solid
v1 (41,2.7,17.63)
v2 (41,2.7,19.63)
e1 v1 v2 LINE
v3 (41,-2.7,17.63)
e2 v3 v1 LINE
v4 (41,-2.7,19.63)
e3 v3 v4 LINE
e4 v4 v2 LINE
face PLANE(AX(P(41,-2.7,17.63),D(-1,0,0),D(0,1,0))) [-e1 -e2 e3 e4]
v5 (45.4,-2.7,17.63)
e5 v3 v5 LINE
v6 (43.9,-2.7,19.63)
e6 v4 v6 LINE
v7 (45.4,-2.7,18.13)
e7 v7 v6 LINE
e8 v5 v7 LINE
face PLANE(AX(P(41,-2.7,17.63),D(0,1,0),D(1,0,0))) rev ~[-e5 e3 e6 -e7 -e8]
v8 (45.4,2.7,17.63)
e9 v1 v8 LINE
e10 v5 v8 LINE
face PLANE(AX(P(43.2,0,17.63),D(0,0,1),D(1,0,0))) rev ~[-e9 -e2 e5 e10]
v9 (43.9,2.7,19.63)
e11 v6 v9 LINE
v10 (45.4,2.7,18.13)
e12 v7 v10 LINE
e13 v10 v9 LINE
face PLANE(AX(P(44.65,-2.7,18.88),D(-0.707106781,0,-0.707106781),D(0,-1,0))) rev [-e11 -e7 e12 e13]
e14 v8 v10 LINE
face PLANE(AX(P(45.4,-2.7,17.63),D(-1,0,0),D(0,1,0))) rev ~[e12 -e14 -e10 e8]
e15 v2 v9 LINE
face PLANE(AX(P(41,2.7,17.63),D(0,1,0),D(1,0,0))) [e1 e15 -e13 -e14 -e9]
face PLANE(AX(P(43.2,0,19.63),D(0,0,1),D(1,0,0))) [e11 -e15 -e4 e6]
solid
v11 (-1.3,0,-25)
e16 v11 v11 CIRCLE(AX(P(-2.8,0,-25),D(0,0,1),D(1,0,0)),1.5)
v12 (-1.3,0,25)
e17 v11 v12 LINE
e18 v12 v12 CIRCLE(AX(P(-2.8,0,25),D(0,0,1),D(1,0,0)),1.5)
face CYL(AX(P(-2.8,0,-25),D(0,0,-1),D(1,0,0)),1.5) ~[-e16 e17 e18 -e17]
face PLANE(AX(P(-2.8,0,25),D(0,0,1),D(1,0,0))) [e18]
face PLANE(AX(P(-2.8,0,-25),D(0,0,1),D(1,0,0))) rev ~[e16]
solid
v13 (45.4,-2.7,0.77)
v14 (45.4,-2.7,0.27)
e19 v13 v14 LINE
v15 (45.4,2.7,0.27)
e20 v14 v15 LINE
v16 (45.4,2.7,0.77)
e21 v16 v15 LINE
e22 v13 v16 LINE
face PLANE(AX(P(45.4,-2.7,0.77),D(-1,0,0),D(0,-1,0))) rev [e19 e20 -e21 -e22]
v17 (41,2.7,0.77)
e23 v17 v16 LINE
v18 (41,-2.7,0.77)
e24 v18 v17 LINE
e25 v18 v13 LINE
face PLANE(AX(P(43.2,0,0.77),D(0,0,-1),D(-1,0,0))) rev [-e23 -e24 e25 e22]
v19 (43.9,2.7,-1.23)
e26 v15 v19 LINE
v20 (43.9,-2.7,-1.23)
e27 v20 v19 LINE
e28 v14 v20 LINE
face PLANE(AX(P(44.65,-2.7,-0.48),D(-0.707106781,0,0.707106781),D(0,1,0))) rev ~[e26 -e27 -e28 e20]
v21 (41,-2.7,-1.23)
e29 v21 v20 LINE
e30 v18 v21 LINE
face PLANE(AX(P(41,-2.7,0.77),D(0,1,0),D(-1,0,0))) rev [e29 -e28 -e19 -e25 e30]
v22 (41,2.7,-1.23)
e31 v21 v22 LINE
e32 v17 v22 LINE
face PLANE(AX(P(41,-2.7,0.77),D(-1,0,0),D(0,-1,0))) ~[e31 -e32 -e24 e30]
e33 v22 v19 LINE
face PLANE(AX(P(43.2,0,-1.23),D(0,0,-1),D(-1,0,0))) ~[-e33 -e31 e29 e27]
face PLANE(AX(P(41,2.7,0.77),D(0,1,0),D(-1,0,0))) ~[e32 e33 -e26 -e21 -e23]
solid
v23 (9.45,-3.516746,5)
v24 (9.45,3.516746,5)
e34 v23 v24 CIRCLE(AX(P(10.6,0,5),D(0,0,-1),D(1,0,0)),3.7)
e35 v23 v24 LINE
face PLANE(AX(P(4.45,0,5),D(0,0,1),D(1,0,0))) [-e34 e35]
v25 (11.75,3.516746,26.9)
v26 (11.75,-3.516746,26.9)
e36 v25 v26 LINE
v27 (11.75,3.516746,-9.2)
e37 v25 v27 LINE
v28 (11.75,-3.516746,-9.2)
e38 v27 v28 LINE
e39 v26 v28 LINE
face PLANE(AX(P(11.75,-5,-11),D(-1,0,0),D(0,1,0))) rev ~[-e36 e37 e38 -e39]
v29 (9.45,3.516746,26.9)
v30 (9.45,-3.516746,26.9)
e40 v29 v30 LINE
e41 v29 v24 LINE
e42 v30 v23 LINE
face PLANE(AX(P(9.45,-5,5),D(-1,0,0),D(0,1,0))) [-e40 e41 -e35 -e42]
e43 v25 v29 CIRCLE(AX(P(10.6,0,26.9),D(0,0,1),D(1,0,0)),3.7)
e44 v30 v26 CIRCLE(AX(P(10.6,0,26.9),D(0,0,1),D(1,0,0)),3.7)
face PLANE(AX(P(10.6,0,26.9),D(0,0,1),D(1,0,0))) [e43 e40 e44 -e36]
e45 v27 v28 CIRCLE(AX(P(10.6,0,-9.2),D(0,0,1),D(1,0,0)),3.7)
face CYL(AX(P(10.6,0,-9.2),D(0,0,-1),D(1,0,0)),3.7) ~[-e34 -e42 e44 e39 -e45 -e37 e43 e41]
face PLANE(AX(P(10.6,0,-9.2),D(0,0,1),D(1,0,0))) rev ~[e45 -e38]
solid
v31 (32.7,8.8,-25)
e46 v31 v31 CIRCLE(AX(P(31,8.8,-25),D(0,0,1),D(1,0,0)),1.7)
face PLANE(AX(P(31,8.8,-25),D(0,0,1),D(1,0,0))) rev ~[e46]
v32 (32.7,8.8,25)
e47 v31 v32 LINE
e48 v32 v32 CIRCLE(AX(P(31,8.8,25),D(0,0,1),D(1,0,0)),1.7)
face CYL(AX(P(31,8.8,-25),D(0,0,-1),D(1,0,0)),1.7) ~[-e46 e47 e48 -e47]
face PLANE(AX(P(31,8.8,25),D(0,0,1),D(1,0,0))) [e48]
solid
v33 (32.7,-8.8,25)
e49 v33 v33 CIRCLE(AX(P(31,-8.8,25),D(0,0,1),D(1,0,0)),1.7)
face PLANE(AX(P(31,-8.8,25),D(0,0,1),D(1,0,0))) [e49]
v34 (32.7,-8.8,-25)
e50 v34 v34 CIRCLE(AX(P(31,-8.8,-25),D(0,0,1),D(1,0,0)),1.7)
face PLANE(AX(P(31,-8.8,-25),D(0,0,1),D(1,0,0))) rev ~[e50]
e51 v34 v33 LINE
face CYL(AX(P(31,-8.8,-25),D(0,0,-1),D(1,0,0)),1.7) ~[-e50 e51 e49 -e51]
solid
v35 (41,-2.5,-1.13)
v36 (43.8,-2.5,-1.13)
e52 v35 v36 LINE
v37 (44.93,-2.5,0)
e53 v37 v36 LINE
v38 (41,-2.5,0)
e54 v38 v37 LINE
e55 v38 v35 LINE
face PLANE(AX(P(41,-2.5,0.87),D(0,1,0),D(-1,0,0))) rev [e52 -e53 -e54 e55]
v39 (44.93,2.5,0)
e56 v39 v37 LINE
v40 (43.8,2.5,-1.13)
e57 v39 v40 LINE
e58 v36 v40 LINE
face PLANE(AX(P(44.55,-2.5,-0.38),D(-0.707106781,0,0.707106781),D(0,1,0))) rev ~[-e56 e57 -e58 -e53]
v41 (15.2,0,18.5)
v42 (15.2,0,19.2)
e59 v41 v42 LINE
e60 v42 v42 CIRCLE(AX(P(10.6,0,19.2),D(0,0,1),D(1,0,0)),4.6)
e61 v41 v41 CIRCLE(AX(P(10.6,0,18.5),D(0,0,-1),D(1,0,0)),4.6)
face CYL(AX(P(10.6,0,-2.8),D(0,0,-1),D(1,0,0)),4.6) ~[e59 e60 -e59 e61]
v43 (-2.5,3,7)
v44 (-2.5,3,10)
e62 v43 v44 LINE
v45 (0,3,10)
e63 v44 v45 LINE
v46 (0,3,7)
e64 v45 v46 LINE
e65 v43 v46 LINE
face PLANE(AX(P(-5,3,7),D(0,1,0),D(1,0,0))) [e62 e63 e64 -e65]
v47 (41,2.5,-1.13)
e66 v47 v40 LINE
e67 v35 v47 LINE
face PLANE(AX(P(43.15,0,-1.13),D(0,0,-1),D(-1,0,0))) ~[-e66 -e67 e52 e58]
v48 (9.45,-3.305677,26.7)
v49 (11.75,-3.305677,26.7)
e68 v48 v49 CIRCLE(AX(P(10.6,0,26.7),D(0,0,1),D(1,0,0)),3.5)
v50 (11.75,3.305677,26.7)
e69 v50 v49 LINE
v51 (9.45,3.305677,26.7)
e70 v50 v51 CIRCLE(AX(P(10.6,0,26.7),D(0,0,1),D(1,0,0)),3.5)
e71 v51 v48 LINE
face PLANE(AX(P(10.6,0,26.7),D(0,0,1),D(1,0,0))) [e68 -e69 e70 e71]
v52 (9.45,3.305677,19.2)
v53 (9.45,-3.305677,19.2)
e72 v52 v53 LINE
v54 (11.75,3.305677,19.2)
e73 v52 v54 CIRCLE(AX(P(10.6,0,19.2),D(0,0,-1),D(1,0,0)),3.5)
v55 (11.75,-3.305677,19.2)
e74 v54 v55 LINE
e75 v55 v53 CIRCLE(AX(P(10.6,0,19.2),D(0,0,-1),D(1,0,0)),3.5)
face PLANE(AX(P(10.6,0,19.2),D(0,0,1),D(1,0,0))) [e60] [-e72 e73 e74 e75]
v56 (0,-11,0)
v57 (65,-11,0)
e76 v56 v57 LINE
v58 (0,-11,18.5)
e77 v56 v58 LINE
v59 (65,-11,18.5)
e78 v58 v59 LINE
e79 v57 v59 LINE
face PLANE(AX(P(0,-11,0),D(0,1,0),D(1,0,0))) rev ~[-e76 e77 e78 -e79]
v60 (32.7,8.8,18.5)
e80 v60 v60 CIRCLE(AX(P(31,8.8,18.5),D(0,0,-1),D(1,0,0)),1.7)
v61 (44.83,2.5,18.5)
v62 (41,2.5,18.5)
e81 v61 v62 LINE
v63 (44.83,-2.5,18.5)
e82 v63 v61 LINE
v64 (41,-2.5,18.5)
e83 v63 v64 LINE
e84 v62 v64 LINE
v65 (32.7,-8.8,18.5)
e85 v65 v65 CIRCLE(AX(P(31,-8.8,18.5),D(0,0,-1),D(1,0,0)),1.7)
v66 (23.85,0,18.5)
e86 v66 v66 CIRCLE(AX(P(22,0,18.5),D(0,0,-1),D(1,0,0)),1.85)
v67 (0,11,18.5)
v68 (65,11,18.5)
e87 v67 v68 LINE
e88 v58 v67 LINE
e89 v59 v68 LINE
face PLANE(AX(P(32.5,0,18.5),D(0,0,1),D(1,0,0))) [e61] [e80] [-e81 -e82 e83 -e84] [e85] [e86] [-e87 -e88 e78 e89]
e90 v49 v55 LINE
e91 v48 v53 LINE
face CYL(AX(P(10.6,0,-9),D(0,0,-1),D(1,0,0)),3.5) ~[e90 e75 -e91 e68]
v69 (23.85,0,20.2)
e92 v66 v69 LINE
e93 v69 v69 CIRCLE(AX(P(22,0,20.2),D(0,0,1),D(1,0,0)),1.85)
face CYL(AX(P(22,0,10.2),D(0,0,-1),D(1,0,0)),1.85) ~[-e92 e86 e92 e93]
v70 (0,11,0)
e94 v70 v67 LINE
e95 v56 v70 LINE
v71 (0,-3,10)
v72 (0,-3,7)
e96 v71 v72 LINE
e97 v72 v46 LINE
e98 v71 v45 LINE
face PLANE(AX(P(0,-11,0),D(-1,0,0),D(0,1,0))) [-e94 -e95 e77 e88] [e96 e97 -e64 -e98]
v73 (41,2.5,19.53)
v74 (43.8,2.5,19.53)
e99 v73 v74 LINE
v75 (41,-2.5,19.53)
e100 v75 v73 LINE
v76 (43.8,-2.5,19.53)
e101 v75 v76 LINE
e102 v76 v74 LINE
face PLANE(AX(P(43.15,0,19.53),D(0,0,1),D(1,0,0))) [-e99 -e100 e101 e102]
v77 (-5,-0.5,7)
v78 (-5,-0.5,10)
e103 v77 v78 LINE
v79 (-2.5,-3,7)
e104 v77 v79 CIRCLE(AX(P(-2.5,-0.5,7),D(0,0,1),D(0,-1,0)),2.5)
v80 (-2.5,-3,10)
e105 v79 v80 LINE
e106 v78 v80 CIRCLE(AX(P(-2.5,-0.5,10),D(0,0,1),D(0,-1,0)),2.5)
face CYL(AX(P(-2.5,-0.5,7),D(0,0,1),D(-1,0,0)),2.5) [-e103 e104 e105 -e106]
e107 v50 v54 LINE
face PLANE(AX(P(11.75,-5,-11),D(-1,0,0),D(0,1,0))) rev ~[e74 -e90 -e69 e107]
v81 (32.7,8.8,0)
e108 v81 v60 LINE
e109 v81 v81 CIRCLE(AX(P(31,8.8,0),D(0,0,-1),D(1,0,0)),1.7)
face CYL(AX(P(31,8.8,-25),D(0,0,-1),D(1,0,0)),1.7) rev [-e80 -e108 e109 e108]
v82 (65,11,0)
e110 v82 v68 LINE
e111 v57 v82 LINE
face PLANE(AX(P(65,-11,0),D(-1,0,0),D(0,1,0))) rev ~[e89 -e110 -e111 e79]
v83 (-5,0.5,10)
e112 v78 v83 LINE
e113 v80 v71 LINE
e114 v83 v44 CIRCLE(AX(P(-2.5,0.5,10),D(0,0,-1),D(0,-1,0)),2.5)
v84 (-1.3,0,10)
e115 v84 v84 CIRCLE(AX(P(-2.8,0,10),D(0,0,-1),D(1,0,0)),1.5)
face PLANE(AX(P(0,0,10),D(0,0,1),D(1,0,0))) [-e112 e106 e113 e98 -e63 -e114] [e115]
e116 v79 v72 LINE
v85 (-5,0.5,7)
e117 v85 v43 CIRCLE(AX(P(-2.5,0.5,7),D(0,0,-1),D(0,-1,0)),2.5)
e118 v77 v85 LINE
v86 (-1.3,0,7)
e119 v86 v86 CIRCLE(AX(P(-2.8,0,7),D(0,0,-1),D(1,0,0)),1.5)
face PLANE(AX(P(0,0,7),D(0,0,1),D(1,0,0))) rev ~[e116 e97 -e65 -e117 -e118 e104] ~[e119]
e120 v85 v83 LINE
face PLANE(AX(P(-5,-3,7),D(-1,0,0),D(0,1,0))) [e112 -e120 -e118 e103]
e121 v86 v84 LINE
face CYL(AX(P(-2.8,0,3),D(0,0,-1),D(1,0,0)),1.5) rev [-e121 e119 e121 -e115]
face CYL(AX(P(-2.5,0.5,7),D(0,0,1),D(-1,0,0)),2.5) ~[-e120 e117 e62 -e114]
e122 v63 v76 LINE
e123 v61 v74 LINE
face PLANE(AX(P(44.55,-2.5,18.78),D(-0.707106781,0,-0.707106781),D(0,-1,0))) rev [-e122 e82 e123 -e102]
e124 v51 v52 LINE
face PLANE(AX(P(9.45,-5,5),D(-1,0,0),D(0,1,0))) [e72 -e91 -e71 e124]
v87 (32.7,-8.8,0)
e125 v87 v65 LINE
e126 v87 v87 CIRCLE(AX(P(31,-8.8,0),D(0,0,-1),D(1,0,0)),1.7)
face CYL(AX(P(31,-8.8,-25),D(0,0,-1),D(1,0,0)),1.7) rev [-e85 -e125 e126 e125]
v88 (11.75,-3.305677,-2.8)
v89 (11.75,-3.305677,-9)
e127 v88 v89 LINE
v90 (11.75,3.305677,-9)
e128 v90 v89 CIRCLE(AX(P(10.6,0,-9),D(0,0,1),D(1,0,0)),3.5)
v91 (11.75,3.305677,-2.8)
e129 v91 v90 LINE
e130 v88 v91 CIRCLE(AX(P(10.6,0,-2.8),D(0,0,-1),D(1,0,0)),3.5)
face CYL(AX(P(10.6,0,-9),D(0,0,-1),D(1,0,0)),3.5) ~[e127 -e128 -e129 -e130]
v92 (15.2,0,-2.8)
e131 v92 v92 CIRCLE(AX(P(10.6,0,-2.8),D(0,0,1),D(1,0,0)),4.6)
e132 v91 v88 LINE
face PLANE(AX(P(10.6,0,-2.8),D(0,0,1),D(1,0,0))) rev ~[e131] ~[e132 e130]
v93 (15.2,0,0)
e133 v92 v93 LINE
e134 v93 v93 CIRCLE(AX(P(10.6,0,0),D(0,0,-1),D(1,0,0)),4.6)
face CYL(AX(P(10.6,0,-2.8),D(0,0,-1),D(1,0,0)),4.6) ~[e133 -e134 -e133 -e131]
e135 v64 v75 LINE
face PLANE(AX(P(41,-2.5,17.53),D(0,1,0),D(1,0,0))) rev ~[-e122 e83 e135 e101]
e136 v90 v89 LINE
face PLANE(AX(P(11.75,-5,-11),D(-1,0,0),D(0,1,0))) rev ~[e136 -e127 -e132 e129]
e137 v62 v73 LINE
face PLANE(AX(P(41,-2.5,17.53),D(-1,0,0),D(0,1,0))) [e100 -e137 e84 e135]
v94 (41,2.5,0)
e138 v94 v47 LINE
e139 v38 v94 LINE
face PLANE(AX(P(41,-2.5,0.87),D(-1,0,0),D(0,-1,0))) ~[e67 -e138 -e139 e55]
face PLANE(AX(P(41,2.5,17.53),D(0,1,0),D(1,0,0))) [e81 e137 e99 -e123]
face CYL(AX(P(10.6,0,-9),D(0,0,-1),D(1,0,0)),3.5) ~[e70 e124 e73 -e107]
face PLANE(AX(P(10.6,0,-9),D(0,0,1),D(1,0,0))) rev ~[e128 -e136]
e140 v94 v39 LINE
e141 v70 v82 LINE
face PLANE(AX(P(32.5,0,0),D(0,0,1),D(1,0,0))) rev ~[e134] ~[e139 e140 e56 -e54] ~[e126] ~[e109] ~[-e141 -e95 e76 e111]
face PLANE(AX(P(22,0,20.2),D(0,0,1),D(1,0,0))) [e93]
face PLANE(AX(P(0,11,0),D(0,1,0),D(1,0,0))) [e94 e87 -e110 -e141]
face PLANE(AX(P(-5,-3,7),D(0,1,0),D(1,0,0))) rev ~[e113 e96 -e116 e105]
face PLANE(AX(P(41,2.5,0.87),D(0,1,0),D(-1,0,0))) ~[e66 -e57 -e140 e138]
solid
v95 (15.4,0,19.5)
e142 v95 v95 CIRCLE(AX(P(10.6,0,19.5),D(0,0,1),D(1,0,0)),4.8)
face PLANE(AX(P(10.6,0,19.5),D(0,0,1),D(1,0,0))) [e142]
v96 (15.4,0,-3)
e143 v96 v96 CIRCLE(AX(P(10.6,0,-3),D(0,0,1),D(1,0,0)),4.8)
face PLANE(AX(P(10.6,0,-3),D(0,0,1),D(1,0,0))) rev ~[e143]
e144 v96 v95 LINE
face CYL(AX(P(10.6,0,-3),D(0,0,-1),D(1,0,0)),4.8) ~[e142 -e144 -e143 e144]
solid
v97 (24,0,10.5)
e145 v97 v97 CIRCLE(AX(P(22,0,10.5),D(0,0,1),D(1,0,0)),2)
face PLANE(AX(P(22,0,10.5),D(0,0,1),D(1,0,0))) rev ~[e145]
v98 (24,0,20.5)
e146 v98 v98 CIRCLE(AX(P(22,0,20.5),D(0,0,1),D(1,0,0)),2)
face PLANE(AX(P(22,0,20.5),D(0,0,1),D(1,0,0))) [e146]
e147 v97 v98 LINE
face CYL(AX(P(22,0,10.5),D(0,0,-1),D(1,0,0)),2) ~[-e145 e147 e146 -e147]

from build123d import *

# Parameters (mm, degrees)
CYLINDER001_R     = 1.5
CYLINDER001_DEPTH = 50
CYLINDER004_R     = 1.7
CYLINDER004_DEPTH = 50
CYLINDER005_R     = 1.7
CYLINDER005_DEPTH = 50
CYLINDER007_R     = 2
CYLINDER007_DEPTH = 10
CYLINDER009_R     = 4.8
CYLINDER009_DEPTH = 22.5
BOX005_W          = 10
BOX005_H          = 10
BOX005_DEPTH      = 40
BOX004_W          = 10
BOX004_H          = 10
BOX004_DEPTH      = 40
CYLINDER011_R     = 3.7
CYLINDER011_DEPTH = 36.1
BOX009_W          = 4.4
BOX009_H          = 5.4
BOX009_DEPTH      = 2
CHAMFER003_SIZE   = 1.5
BOX008_W          = 4.4
BOX008_H          = 5.4
BOX008_DEPTH      = 2
CHAMFER002_SIZE   = 1.5
BOX007_W          = 4.3
BOX007_H          = 5
BOX007_DEPTH      = 2
CHAMFER001_SIZE   = 1.5
BOX006_W          = 4.3
BOX006_H          = 5
BOX006_DEPTH      = 2
CHAMFER_SIZE      = 1.5
BOX003_W          = 10
BOX003_H          = 10
BOX003_DEPTH      = 40
BOX002_W          = 10
BOX002_H          = 10
BOX002_DEPTH      = 40
CYLINDER010_R     = 3.5
CYLINDER010_DEPTH = 35.7
CYLINDER008_R     = 4.6
CYLINDER008_DEPTH = 22
CYLINDER006_R     = 1.85
CYLINDER006_DEPTH = 10
CYLINDER003_R     = 1.7
CYLINDER003_DEPTH = 50
CYLINDER002_R     = 1.7
CYLINDER002_DEPTH = 50
CYLINDER_R        = 1.5
CYLINDER_DEPTH    = 10
BOX001_W          = 10
BOX001_H          = 6
BOX001_DEPTH      = 3
FILLET_R          = 2.5
FILLET001_R       = 2.5
BOX_W             = 65
BOX_H             = 22
BOX_DEPTH         = 18.5


with BuildPart() as endhole:
    # Cylinder001 → Cylinder001 (new body)
    with BuildSketch(Plane(origin=(-2.8, 0, -25), x_dir=(1, 0, 0), z_dir=(0, 0, 1))):
        Circle(CYLINDER001_R)
    extrude(amount=CYLINDER001_DEPTH)


with BuildPart() as cylinder004:
    # Cylinder004 → Cylinder004 (new body)
    with BuildSketch(Plane(origin=(31, 8.8, -25), x_dir=(1, 0, 0), z_dir=(0, 0, 1))):
        Circle(CYLINDER004_R)
    extrude(amount=CYLINDER004_DEPTH)


with BuildPart() as cylinder005:
    # Cylinder005 → Cylinder005 (new body)
    with BuildSketch(Plane(origin=(31, -8.8, -25), x_dir=(1, 0, 0), z_dir=(0, 0, 1))):
        Circle(CYLINDER005_R)
    extrude(amount=CYLINDER005_DEPTH)


with BuildPart() as central_bump:
    # Cylinder007 → Cylinder007 (new body)
    with BuildSketch(Plane(origin=(22, 0, 10.5), x_dir=(1, 0, 0), z_dir=(0, 0, 1))):
        Circle(CYLINDER007_R)
    extrude(amount=CYLINDER007_DEPTH)


with BuildPart() as motor_boss:
    # Cylinder009 → Cylinder009 (new body)
    with BuildSketch(Plane(origin=(10.6, 0, -3), x_dir=(1, 0, 0), z_dir=(0, 0, 1))):
        Circle(CYLINDER009_R)
    extrude(amount=CYLINDER009_DEPTH)


with BuildPart() as cube005:
    # Box005 → Box005 (new body)
    with BuildSketch(Plane(origin=(-0.55, -5, 5), x_dir=(1, 0, 0), z_dir=(0, 0, 1))):
        with Locations((5, 5)):
            Rectangle(BOX005_W, BOX005_H)
    extrude(amount=BOX005_DEPTH)


with BuildPart() as cube004:
    # Box004 → Box004 (new body)
    with BuildSketch(Plane(origin=(11.75, -5, -11), x_dir=(1, 0, 0), z_dir=(0, 0, 1))):
        with Locations((5, 5)):
            Rectangle(BOX004_W, BOX004_H)
    extrude(amount=BOX004_DEPTH)


with BuildPart() as drive:
    # Cylinder011 → Cylinder011 (new body)
    with BuildSketch(Plane(origin=(10.6, 0, -9.2), x_dir=(1, 0, 0), z_dir=(0, 0, 1))):
        Circle(CYLINDER011_R)
    extrude(amount=CYLINDER011_DEPTH)

    # Cut005: cut Cube004
    add(cube004.part, mode=Mode.SUBTRACT)

    # Cut006: cut Cube005
    add(cube005.part, mode=Mode.SUBTRACT)


with BuildPart() as chamfer003:
    # Box009 → Box009 (new body)
    with BuildSketch(Plane(origin=(41, -2.7, 17.63), x_dir=(1, 0, 0), z_dir=(0, 0, 1))):
        with Locations((2.2, 2.7)):
            Rectangle(BOX009_W, BOX009_H)
    extrude(amount=BOX009_DEPTH)

    # Chamfer003
    chamfer003_edges = [chamfer003.edges().sort_by_distance(p)[0] for p in [
        (45.4, 0, 19.63),
    ]]
    chamfer(chamfer003_edges, length=CHAMFER003_SIZE)


with BuildPart() as part_mirroring001:
    # Part__Mirroring001: instance of Chamfer003
    add(chamfer003.part.mirror(Plane(origin=(0, 0, 0), x_dir=(0, 1, 0), z_dir=(0, 0, 1))))


with BuildPart() as part_mirroring001_1:
    # Part__Mirroring001 placement: moved
    add(part_mirroring001.part.moved(Location((0, 0, 18.4))))


with BuildPart() as hook_bumps:
    # Box008 → Box008 (new body)
    with BuildSketch(Plane(origin=(41, -2.7, 17.63), x_dir=(1, 0, 0), z_dir=(0, 0, 1))):
        with Locations((2.2, 2.7)):
            Rectangle(BOX008_W, BOX008_H)
    extrude(amount=BOX008_DEPTH)

    # Chamfer002
    chamfer002_edges = [hook_bumps.edges().sort_by_distance(p)[0] for p in [
        (45.4, 0, 19.63),
    ]]
    chamfer(chamfer002_edges, length=CHAMFER002_SIZE)

    # Fusion005: union Part__Mirroring001
    add(part_mirroring001_1.part)


with BuildPart() as chamfer001:
    # Box007 → Box007 (new body)
    with BuildSketch(Plane(origin=(41, -2.5, 17.53), x_dir=(1, 0, 0), z_dir=(0, 0, 1))):
        with Locations((2.15, 2.5)):
            Rectangle(BOX007_W, BOX007_H)
    extrude(amount=BOX007_DEPTH)

    # Chamfer001
    chamfer001_edges = [chamfer001.edges().sort_by_distance(p)[0] for p in [
        (45.3, 0, 19.53),
    ]]
    chamfer(chamfer001_edges, length=CHAMFER001_SIZE)


with BuildPart() as part_mirroring:
    # Part__Mirroring: instance of Chamfer001
    add(chamfer001.part.mirror(Plane(origin=(0, 0, 0), x_dir=(0, 1, 0), z_dir=(0, 0, 1))))


with BuildPart() as part_mirroring_1:
    # Part__Mirroring placement: moved
    add(part_mirroring.part.moved(Location((0, 0, 18.4))))


with BuildPart() as fusion004:
    # Box006 → Box006 (new body)
    with BuildSketch(Plane(origin=(41, -2.5, 17.53), x_dir=(1, 0, 0), z_dir=(0, 0, 1))):
        with Locations((2.15, 2.5)):
            Rectangle(BOX006_W, BOX006_H)
    extrude(amount=BOX006_DEPTH)

    # Chamfer
    chamfer_edges = [fusion004.edges().sort_by_distance(p)[0] for p in [
        (45.3, 0, 19.53),
    ]]
    chamfer(chamfer_edges, length=CHAMFER_SIZE)

    # Fusion004: union Part__Mirroring
    add(part_mirroring_1.part)


with BuildPart() as cube003:
    # Box003 → Box003 (new body)
    with BuildSketch(Plane(origin=(-0.55, -5, 5), x_dir=(1, 0, 0), z_dir=(0, 0, 1))):
        with Locations((5, 5)):
            Rectangle(BOX003_W, BOX003_H)
    extrude(amount=BOX003_DEPTH)


with BuildPart() as cube002:
    # Box002 → Box002 (new body)
    with BuildSketch(Plane(origin=(11.75, -5, -11), x_dir=(1, 0, 0), z_dir=(0, 0, 1))):
        with Locations((5, 5)):
            Rectangle(BOX002_W, BOX002_H)
    extrude(amount=BOX002_DEPTH)


with BuildPart() as cut004:
    # Cylinder010 → Cylinder010 (new body)
    with BuildSketch(Plane(origin=(10.6, 0, -9), x_dir=(1, 0, 0), z_dir=(0, 0, 1))):
        Circle(CYLINDER010_R)
    extrude(amount=CYLINDER010_DEPTH)

    # Cut003: cut Cube002
    add(cube002.part, mode=Mode.SUBTRACT)

    # Cut004: cut Cube003
    add(cube003.part, mode=Mode.SUBTRACT)


with BuildPart() as cylinder008:
    # Cylinder008 → Cylinder008 (new body)
    with BuildSketch(Plane(origin=(10.6, 0, -2.8), x_dir=(1, 0, 0), z_dir=(0, 0, 1))):
        Circle(CYLINDER008_R)
    extrude(amount=CYLINDER008_DEPTH)


with BuildPart() as cylinder003:
    # Cylinder006 → Cylinder006 (new body)
    with BuildSketch(Plane(origin=(22, 0, 10.2), x_dir=(1, 0, 0), z_dir=(0, 0, 1))):
        Circle(CYLINDER006_R)
    extrude(amount=CYLINDER006_DEPTH)


with BuildPart() as cylinder002:
    # Cylinder003 → Cylinder003 (new body)
    with BuildSketch(Plane(origin=(31, -8.8, -25), x_dir=(1, 0, 0), z_dir=(0, 0, 1))):
        Circle(CYLINDER003_R)
    extrude(amount=CYLINDER003_DEPTH)


with BuildPart() as cylinder001:
    # Cylinder002 → Cylinder002 (new body)
    with BuildSketch(Plane(origin=(31, 8.8, -25), x_dir=(1, 0, 0), z_dir=(0, 0, 1))):
        Circle(CYLINDER002_R)
    extrude(amount=CYLINDER002_DEPTH)


with BuildPart() as cylinder:
    # Cylinder → Cylinder (new body)
    with BuildSketch(Plane(origin=(-2.8, 0, 3), x_dir=(1, 0, 0), z_dir=(0, 0, 1))):
        Circle(CYLINDER_R)
    extrude(amount=CYLINDER_DEPTH)


with BuildPart() as fillet001:
    # Box001 → Box001 (new body)
    with BuildSketch(Plane(origin=(-5, -3, 7), x_dir=(1, 0, 0), z_dir=(0, 0, 1))):
        with Locations((5, 3)):
            Rectangle(BOX001_W, BOX001_H)
    extrude(amount=BOX001_DEPTH)

    # Cut: cut Cylinder
    add(cylinder.part, mode=Mode.SUBTRACT)

    # Fillet
    fillet_edges = [fillet001.edges().sort_by_distance(p)[0] for p in [
        (-5, -3, 8.5),
    ]]
    fillet(fillet_edges, radius=FILLET_R)

    # Fillet001
    fillet001_edges = [fillet001.edges().sort_by_distance(p)[0] for p in [
        (-5, 3, 8.5),
    ]]
    fillet(fillet001_edges, radius=FILLET001_R)


with BuildPart() as fusion006:
    # Box → Box (new body)
    with BuildSketch(Plane(origin=(0, -11, 0), x_dir=(1, 0, 0), z_dir=(0, 0, 1))):
        with Locations((32.5, 11)):
            Rectangle(BOX_W, BOX_H)
    extrude(amount=BOX_DEPTH)

    # Fusion: union Fillet001
    add(fillet001.part)

    # Cut001: cut Cylinder001
    add(cylinder001.part, mode=Mode.SUBTRACT)

    # Cut002: cut Cylinder002
    add(cylinder002.part, mode=Mode.SUBTRACT)

    # Fusion001: union Cylinder003
    add(cylinder003.part)

    # Fusion002: union Cylinder008
    add(cylinder008.part)

    # Fusion003: union Cut004
    add(cut004.part)

    # Fusion006: union Fusion004
    add(fusion004.part)


solid = Compound([endhole.part, cylinder004.part, cylinder005.part, central_bump.part, motor_boss.part, drive.part, hook_bumps.part, fusion006.part])
